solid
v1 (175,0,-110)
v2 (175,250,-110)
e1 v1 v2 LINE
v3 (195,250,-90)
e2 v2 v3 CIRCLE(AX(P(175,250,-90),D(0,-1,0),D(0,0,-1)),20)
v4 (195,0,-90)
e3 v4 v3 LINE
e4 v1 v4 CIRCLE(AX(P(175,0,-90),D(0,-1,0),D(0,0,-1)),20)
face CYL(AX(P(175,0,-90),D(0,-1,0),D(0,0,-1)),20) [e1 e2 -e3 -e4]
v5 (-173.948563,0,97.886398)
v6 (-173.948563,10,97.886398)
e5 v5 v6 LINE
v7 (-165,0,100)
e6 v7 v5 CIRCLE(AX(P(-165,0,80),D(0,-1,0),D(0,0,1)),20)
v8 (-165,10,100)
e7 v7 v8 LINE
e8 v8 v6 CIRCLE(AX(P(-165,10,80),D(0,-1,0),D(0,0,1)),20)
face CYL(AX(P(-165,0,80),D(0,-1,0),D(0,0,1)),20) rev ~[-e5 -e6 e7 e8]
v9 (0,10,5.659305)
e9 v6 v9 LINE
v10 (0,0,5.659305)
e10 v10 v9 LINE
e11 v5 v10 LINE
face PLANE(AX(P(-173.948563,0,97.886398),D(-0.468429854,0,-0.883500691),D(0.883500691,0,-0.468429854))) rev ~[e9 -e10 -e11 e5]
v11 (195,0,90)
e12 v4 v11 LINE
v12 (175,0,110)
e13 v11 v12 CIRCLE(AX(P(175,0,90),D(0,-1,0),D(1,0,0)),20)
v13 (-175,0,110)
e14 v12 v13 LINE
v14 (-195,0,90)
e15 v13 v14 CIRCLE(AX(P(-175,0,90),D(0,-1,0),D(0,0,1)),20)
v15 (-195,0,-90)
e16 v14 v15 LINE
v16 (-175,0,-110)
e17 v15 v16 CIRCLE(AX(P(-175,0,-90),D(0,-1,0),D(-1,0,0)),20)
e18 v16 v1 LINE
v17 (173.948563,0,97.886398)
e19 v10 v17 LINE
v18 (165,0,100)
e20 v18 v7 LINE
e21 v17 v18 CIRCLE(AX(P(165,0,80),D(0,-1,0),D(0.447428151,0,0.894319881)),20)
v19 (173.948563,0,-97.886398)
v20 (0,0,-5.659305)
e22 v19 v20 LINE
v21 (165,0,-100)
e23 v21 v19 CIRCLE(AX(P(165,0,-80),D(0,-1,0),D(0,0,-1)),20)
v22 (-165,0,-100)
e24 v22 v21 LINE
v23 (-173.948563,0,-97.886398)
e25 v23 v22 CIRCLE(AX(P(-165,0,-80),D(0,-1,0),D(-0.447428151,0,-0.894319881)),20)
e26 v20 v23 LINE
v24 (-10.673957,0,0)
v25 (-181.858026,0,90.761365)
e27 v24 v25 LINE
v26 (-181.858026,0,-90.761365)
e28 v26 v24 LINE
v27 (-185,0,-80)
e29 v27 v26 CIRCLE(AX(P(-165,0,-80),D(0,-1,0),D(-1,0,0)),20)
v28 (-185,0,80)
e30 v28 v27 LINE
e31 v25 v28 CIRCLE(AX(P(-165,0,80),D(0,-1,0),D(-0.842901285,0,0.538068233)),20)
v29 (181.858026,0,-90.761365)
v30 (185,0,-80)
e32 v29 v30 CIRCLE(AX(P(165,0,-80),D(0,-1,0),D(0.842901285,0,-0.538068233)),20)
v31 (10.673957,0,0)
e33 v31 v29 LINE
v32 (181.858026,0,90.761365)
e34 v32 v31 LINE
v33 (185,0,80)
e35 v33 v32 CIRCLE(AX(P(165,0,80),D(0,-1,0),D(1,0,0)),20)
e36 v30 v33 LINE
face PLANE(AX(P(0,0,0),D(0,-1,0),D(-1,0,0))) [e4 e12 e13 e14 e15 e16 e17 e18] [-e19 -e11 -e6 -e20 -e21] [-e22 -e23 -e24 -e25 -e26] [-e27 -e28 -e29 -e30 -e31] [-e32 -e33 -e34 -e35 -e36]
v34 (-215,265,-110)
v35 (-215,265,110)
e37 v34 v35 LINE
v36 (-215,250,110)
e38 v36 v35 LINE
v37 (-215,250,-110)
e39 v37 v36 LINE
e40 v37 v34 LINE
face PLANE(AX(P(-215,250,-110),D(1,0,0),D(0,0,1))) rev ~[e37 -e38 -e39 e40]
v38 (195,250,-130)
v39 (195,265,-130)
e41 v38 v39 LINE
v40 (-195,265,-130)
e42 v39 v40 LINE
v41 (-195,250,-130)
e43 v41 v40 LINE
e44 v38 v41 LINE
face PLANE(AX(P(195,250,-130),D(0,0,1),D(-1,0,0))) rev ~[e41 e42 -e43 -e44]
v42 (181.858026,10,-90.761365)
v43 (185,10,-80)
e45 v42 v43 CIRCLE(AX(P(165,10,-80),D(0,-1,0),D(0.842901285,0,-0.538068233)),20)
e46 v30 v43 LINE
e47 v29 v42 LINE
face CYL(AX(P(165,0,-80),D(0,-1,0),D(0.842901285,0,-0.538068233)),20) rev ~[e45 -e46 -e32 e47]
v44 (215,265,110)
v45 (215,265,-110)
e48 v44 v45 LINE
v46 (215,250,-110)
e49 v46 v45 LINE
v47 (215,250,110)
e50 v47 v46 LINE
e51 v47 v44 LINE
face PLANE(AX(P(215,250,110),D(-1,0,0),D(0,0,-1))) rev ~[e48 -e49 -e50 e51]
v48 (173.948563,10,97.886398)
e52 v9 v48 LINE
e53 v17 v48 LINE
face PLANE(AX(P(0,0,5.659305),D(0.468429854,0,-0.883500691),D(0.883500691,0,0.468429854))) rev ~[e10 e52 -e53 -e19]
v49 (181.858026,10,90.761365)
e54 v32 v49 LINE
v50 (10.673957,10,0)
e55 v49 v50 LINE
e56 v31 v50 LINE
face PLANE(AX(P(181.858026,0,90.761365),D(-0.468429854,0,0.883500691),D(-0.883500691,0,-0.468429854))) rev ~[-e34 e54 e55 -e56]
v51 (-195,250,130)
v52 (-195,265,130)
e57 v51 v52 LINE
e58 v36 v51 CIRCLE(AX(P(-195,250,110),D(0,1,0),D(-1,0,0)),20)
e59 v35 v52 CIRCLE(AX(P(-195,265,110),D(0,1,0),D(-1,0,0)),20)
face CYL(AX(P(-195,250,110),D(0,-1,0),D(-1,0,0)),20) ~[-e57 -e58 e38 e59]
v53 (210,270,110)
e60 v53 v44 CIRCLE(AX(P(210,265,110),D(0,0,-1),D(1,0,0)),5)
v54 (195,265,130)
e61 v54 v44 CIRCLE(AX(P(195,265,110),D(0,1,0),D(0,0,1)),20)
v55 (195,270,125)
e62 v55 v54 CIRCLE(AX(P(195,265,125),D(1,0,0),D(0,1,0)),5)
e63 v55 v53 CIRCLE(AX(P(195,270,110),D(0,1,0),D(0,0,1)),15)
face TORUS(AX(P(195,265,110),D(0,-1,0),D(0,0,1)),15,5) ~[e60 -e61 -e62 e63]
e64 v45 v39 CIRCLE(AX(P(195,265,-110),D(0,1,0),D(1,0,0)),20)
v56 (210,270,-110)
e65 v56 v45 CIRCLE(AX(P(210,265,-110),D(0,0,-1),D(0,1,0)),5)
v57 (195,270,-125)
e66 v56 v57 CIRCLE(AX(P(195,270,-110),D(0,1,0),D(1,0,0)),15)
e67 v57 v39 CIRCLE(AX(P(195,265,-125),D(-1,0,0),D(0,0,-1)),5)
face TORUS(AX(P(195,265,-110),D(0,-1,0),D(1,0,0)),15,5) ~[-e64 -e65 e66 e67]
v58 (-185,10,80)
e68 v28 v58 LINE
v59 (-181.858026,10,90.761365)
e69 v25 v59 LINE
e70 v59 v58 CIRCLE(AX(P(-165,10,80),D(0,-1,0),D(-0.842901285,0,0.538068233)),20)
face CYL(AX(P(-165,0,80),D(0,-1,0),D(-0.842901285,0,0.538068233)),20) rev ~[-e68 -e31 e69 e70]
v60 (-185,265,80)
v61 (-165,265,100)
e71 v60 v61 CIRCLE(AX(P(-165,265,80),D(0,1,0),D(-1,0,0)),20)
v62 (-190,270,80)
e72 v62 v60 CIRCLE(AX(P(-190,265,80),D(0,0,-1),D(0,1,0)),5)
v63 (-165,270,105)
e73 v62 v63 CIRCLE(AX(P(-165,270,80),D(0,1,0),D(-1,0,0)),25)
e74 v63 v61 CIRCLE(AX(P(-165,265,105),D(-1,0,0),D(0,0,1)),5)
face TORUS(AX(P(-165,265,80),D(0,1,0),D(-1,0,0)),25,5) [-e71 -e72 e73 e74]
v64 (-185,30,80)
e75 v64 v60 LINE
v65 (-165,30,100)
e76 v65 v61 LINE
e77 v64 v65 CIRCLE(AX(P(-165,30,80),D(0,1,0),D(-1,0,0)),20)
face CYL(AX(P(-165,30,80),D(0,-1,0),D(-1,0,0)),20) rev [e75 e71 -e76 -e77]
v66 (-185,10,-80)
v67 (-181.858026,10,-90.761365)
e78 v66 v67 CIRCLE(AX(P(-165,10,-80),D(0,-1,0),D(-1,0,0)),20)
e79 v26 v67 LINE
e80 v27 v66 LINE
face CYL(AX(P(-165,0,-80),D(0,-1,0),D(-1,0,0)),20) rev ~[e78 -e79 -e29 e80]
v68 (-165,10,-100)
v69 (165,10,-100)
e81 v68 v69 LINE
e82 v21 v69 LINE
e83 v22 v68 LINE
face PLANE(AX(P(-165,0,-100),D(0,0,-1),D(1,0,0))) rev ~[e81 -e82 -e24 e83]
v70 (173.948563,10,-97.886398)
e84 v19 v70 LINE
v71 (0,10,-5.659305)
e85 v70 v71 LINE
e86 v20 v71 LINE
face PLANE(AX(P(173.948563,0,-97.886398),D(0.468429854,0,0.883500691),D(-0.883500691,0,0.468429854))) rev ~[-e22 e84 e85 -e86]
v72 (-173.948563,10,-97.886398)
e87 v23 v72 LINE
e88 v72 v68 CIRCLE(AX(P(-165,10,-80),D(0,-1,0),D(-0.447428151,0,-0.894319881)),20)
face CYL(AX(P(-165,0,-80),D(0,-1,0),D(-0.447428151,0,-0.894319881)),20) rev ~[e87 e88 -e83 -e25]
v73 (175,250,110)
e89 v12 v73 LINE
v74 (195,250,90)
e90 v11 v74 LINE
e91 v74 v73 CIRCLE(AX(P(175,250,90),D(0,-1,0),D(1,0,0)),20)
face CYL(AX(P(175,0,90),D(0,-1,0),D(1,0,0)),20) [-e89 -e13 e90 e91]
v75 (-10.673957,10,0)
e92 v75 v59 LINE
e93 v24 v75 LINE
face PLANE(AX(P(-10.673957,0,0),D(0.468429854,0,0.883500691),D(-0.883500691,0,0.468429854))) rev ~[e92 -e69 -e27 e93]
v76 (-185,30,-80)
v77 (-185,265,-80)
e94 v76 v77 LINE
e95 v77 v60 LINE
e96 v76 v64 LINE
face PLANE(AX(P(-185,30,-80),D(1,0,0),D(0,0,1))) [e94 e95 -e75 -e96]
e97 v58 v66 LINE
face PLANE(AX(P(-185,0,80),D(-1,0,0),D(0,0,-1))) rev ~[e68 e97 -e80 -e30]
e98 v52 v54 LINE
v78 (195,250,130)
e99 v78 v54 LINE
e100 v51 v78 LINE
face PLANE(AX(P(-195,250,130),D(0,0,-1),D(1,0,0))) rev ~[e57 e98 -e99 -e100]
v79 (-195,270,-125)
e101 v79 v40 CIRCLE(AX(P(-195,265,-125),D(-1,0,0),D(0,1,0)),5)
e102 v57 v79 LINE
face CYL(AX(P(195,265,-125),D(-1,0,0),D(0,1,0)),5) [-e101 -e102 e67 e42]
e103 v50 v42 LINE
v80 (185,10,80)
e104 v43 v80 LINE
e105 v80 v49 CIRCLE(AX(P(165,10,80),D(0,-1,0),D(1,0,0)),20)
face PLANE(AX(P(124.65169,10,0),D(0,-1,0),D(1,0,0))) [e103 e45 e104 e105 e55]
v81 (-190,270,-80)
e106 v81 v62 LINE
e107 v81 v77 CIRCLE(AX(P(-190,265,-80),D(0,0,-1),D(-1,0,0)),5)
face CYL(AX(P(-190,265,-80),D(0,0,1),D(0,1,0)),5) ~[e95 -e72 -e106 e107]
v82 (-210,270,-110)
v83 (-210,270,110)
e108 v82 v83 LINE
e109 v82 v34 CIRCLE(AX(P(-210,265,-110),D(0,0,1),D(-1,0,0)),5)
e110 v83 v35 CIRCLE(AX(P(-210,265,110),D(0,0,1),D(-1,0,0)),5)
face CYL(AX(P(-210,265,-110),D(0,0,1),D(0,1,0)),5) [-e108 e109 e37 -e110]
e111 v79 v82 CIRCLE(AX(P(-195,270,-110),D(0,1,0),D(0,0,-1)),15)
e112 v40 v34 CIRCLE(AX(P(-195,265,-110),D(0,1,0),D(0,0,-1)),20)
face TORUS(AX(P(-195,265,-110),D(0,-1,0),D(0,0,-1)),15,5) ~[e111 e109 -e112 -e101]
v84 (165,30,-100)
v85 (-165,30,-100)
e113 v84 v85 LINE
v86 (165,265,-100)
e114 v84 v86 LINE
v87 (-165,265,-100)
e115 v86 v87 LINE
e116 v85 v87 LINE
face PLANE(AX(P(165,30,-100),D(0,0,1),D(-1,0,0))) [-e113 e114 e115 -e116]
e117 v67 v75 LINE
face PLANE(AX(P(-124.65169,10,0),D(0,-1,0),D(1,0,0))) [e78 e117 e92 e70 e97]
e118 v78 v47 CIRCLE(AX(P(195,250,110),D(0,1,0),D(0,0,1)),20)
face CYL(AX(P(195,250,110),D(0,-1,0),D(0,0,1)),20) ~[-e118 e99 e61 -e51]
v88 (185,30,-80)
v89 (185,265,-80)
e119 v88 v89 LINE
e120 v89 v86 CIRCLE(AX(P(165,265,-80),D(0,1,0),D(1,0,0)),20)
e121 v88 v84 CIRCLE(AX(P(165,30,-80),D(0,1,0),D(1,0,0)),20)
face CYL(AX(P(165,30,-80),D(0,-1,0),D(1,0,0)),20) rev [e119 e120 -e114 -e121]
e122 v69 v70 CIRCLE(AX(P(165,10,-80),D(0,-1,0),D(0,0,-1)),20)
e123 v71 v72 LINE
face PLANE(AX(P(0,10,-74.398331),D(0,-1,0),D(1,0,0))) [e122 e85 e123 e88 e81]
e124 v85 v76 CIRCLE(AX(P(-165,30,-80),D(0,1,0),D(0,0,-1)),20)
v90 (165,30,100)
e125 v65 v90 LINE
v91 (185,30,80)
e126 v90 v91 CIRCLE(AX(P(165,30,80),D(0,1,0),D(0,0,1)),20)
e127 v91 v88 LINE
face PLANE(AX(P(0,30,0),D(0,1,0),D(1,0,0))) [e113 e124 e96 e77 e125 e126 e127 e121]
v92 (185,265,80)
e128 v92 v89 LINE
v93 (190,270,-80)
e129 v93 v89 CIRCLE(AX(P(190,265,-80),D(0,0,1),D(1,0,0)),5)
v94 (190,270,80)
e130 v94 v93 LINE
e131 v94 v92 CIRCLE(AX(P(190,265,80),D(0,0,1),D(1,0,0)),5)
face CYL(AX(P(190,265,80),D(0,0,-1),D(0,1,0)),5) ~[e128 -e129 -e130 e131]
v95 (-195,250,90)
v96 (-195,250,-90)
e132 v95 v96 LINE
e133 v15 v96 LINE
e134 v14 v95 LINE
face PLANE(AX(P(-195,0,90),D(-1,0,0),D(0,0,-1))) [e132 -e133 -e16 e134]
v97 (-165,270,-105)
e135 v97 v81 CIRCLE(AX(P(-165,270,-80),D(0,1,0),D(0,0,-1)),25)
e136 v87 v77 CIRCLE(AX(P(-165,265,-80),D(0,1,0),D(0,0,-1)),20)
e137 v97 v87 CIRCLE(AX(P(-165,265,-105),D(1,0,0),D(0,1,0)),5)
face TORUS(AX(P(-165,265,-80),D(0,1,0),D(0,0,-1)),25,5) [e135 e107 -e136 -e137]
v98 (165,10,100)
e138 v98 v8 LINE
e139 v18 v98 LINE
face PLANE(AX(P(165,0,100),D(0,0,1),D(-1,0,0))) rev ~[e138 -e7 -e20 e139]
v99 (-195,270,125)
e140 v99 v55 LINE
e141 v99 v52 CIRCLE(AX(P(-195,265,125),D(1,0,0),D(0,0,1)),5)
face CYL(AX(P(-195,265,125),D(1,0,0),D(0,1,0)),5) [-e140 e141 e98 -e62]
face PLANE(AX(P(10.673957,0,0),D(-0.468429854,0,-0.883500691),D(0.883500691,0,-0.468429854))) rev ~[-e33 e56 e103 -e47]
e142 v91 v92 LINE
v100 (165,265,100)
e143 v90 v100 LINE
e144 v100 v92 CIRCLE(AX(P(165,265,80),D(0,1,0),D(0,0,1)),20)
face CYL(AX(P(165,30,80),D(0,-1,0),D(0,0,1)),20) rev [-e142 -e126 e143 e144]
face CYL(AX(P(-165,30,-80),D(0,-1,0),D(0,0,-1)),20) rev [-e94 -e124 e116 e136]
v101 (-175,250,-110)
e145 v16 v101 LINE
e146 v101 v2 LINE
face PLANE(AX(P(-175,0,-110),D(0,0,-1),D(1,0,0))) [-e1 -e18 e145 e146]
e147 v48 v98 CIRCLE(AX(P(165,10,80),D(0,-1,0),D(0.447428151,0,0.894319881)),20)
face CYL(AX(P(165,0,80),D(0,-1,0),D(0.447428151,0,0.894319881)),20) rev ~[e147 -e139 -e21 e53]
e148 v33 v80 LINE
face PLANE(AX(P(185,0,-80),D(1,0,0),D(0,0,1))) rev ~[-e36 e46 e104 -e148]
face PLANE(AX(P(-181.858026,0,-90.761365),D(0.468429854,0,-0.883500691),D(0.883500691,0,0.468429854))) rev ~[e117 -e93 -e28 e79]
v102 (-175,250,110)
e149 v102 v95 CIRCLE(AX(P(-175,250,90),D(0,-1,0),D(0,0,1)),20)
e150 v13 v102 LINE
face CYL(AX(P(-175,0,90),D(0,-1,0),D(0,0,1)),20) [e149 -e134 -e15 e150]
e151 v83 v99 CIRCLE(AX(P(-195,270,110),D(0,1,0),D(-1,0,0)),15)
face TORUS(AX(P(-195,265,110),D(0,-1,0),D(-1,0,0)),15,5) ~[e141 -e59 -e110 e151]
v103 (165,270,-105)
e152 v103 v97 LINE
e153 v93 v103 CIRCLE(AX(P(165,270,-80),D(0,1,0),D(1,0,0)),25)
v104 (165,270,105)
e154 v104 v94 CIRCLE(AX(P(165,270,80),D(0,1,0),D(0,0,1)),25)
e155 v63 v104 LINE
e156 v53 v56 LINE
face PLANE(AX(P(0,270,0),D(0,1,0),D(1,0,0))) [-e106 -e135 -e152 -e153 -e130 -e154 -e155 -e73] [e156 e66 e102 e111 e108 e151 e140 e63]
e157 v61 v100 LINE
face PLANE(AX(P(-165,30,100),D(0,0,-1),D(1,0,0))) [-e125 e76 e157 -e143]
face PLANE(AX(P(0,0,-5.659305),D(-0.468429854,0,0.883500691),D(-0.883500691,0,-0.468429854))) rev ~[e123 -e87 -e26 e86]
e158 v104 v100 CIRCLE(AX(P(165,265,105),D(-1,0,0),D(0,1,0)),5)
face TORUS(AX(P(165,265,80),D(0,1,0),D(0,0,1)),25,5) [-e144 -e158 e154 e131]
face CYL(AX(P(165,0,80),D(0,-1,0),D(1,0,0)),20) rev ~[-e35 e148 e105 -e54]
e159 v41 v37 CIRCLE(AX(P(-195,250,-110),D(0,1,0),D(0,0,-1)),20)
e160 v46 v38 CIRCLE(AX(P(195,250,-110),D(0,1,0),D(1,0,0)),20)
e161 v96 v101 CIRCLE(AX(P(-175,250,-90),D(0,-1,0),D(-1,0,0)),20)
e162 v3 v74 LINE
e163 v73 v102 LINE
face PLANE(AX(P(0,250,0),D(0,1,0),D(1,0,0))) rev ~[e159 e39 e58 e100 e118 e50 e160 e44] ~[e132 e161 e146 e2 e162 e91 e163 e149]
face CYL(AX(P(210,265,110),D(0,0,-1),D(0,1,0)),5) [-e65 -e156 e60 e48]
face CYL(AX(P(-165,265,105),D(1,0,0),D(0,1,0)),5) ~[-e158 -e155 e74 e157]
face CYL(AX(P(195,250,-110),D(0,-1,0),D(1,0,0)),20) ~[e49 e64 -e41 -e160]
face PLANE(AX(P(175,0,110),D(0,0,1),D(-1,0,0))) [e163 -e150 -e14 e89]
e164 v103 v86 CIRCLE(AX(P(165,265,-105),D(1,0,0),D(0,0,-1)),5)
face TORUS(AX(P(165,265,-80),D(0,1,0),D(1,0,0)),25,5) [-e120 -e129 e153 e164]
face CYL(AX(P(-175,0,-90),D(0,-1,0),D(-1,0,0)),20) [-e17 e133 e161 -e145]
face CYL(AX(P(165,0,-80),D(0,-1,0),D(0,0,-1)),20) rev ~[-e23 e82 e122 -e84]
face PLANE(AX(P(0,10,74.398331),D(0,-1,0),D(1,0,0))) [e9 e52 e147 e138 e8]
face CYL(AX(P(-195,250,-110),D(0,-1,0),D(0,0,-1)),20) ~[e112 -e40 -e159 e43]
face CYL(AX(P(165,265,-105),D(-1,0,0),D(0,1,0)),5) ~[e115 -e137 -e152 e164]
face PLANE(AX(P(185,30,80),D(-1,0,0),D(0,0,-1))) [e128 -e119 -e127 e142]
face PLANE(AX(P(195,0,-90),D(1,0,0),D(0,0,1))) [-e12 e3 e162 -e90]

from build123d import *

# Parameters (mm, degrees)
BOSS_EXTRUDE1_DEPTH = 250
CUT_EXTRUDE3_DEPTH  = 10
BOSS_EXTRUDE2_DEPTH = 20
CUT_EXTRUDE4_START  = -240
CUT_EXTRUDE4_DEPTH  = 240
FILLET1_R           = 5
FILLET2_R           = 5


with BuildPart() as part:
    # Sketch1 → Boss-Extrude1 (new body)
    with BuildSketch(Plane(origin=(0, 0, 0), x_dir=(1, 0, 0), z_dir=(0, 1, 0))):
        with BuildLine():
            Line((-175, 110), (175, 110))
            ThreePointArc((175, 110), (189.142135624, 104.142135624), (195, 90))
            Line((195, 90), (195, -90))
            ThreePointArc((195, -90), (189.142135624, -104.142135624), (175, -110))
            Line((175, -110), (-175, -110))
            ThreePointArc((-175, -110), (-189.142135624, -104.142135624), (-195, -90))
            Line((-195, -90), (-195, 90))
            ThreePointArc((-195, 90), (-189.142135624, 104.142135624), (-175, 110))
        make_face()
    extrude(amount=BOSS_EXTRUDE1_DEPTH)

    # Sketch3 → Cut-Extrude3 (cut)
    with BuildSketch(Plane.XZ):
        with BuildLine():
            Line((0, -5.659305135), (-173.94856301, -97.886397626))
            ThreePointArc((-173.94856301, -97.886397626), (-169.597393146, -99.464428485), (-165, -100))
            Line((-165, -100), (165, -100))
            ThreePointArc((165, -100), (169.597393146, -99.464428485), (173.94856301, -97.886397626))
            Line((173.94856301, -97.886397626), (0, -5.659305135))
        make_face()
        with BuildLine():
            ThreePointArc((-185, -80), (-184.19844413, -85.605331658), (-181.8580257, -90.761364667))
            Line((-181.8580257, -90.761364667), (-10.673956744, 0))
            Line((-10.673956744, 0), (-181.8580257, 90.761364667))
            ThreePointArc((-181.8580257, 90.761364667), (-184.19844413, 85.605331658), (-185, 80))
            Line((-185, 80), (-185, -80))
        make_face()
        with BuildLine():
            Line((-173.94856301, 97.886397626), (0, 5.659305135))
            Line((0, 5.659305135), (173.94856301, 97.886397626))
            ThreePointArc((173.94856301, 97.886397626), (169.597393146, 99.464428485), (165, 100))
            Line((165, 100), (-165, 100))
            ThreePointArc((-165, 100), (-169.597393146, 99.464428485), (-173.94856301, 97.886397626))
        make_face()
        with BuildLine():
            Line((181.8580257, 90.761364667), (10.673956744, 0))
            Line((10.673956744, 0), (181.8580257, -90.761364667))
            ThreePointArc((181.8580257, -90.761364667), (184.19844413, -85.605331658), (185, -80))
            Line((185, -80), (185, 80))
            ThreePointArc((185, 80), (184.19844413, 85.605331658), (181.8580257, 90.761364667))
        make_face()
    extrude(amount=-CUT_EXTRUDE3_DEPTH, mode=Mode.SUBTRACT)

    # Sketch5 → Boss-Extrude2 (add)
    with BuildSketch(Plane(origin=(0, 250, 0), x_dir=(1, 0, 0), z_dir=(0, 1, 0))):
        with BuildLine():
            Line((195, 130), (-195, 130))
            ThreePointArc((-195, 130), (-209.142135624, 124.142135624), (-215, 110))
            Line((-215, 110), (-215, -110))
            ThreePointArc((-215, -110), (-209.142135624, -124.142135624), (-195, -130))
            Line((-195, -130), (195, -130))
            ThreePointArc((195, -130), (209.142135624, -124.142135624), (215, -110))
            Line((215, -110), (215, 110))
            ThreePointArc((215, 110), (209.142135624, 124.142135624), (195, 130))
        make_face()
    extrude(amount=BOSS_EXTRUDE2_DEPTH)

    # Sketch6 → Cut-Extrude4 (cut)
    with BuildSketch(Plane(origin=(0, 270, 0), x_dir=(1, 0, 0), z_dir=(0, 1, 0)).offset(CUT_EXTRUDE4_START)):
        with BuildLine():
            Line((-165, -100), (165, -100))
            ThreePointArc((165, -100), (179.142135624, -94.142135624), (185, -80))
            Line((185, -80), (185, 80))
            ThreePointArc((185, 80), (179.142135624, 94.142135624), (165, 100))
            Line((165, 100), (-165, 100))
            ThreePointArc((-165, 100), (-179.142135624, 94.142135624), (-185, 80))
            Line((-185, 80), (-185, -80))
            ThreePointArc((-185, -80), (-179.142135624, -94.142135624), (-165, -100))
        make_face()
    extrude(amount=CUT_EXTRUDE4_DEPTH, mode=Mode.SUBTRACT)

    # Fillet1
    fillet1_edges = [part.edges().sort_by_distance(p)[0] for p in [
        (179.142135624, 270, -94.142135624),
        (0, 270, -100),
        (-179.142135624, 270, -94.142135624),
        (-185, 270, 0),
        (-179.142135624, 270, 94.142135624),
        (0, 270, 100),
        (179.142135624, 270, 94.142135624),
        (185, 270, 0),
    ]]
    fillet(fillet1_edges, radius=FILLET1_R)

    # Fillet2
    fillet2_edges = [part.edges().sort_by_distance(p)[0] for p in [
        (-209.142135624, 270, 124.142135624),
        (0, 270, 130),
        (209.142135624, 270, 124.142135624),
        (215, 270, 0),
        (209.142135624, 270, -124.142135624),
        (0, 270, -130),
        (-209.142135624, 270, -124.142135624),
        (-215, 270, 0),
    ]]
    fillet(fillet2_edges, radius=FILLET2_R)


solid = part.part
